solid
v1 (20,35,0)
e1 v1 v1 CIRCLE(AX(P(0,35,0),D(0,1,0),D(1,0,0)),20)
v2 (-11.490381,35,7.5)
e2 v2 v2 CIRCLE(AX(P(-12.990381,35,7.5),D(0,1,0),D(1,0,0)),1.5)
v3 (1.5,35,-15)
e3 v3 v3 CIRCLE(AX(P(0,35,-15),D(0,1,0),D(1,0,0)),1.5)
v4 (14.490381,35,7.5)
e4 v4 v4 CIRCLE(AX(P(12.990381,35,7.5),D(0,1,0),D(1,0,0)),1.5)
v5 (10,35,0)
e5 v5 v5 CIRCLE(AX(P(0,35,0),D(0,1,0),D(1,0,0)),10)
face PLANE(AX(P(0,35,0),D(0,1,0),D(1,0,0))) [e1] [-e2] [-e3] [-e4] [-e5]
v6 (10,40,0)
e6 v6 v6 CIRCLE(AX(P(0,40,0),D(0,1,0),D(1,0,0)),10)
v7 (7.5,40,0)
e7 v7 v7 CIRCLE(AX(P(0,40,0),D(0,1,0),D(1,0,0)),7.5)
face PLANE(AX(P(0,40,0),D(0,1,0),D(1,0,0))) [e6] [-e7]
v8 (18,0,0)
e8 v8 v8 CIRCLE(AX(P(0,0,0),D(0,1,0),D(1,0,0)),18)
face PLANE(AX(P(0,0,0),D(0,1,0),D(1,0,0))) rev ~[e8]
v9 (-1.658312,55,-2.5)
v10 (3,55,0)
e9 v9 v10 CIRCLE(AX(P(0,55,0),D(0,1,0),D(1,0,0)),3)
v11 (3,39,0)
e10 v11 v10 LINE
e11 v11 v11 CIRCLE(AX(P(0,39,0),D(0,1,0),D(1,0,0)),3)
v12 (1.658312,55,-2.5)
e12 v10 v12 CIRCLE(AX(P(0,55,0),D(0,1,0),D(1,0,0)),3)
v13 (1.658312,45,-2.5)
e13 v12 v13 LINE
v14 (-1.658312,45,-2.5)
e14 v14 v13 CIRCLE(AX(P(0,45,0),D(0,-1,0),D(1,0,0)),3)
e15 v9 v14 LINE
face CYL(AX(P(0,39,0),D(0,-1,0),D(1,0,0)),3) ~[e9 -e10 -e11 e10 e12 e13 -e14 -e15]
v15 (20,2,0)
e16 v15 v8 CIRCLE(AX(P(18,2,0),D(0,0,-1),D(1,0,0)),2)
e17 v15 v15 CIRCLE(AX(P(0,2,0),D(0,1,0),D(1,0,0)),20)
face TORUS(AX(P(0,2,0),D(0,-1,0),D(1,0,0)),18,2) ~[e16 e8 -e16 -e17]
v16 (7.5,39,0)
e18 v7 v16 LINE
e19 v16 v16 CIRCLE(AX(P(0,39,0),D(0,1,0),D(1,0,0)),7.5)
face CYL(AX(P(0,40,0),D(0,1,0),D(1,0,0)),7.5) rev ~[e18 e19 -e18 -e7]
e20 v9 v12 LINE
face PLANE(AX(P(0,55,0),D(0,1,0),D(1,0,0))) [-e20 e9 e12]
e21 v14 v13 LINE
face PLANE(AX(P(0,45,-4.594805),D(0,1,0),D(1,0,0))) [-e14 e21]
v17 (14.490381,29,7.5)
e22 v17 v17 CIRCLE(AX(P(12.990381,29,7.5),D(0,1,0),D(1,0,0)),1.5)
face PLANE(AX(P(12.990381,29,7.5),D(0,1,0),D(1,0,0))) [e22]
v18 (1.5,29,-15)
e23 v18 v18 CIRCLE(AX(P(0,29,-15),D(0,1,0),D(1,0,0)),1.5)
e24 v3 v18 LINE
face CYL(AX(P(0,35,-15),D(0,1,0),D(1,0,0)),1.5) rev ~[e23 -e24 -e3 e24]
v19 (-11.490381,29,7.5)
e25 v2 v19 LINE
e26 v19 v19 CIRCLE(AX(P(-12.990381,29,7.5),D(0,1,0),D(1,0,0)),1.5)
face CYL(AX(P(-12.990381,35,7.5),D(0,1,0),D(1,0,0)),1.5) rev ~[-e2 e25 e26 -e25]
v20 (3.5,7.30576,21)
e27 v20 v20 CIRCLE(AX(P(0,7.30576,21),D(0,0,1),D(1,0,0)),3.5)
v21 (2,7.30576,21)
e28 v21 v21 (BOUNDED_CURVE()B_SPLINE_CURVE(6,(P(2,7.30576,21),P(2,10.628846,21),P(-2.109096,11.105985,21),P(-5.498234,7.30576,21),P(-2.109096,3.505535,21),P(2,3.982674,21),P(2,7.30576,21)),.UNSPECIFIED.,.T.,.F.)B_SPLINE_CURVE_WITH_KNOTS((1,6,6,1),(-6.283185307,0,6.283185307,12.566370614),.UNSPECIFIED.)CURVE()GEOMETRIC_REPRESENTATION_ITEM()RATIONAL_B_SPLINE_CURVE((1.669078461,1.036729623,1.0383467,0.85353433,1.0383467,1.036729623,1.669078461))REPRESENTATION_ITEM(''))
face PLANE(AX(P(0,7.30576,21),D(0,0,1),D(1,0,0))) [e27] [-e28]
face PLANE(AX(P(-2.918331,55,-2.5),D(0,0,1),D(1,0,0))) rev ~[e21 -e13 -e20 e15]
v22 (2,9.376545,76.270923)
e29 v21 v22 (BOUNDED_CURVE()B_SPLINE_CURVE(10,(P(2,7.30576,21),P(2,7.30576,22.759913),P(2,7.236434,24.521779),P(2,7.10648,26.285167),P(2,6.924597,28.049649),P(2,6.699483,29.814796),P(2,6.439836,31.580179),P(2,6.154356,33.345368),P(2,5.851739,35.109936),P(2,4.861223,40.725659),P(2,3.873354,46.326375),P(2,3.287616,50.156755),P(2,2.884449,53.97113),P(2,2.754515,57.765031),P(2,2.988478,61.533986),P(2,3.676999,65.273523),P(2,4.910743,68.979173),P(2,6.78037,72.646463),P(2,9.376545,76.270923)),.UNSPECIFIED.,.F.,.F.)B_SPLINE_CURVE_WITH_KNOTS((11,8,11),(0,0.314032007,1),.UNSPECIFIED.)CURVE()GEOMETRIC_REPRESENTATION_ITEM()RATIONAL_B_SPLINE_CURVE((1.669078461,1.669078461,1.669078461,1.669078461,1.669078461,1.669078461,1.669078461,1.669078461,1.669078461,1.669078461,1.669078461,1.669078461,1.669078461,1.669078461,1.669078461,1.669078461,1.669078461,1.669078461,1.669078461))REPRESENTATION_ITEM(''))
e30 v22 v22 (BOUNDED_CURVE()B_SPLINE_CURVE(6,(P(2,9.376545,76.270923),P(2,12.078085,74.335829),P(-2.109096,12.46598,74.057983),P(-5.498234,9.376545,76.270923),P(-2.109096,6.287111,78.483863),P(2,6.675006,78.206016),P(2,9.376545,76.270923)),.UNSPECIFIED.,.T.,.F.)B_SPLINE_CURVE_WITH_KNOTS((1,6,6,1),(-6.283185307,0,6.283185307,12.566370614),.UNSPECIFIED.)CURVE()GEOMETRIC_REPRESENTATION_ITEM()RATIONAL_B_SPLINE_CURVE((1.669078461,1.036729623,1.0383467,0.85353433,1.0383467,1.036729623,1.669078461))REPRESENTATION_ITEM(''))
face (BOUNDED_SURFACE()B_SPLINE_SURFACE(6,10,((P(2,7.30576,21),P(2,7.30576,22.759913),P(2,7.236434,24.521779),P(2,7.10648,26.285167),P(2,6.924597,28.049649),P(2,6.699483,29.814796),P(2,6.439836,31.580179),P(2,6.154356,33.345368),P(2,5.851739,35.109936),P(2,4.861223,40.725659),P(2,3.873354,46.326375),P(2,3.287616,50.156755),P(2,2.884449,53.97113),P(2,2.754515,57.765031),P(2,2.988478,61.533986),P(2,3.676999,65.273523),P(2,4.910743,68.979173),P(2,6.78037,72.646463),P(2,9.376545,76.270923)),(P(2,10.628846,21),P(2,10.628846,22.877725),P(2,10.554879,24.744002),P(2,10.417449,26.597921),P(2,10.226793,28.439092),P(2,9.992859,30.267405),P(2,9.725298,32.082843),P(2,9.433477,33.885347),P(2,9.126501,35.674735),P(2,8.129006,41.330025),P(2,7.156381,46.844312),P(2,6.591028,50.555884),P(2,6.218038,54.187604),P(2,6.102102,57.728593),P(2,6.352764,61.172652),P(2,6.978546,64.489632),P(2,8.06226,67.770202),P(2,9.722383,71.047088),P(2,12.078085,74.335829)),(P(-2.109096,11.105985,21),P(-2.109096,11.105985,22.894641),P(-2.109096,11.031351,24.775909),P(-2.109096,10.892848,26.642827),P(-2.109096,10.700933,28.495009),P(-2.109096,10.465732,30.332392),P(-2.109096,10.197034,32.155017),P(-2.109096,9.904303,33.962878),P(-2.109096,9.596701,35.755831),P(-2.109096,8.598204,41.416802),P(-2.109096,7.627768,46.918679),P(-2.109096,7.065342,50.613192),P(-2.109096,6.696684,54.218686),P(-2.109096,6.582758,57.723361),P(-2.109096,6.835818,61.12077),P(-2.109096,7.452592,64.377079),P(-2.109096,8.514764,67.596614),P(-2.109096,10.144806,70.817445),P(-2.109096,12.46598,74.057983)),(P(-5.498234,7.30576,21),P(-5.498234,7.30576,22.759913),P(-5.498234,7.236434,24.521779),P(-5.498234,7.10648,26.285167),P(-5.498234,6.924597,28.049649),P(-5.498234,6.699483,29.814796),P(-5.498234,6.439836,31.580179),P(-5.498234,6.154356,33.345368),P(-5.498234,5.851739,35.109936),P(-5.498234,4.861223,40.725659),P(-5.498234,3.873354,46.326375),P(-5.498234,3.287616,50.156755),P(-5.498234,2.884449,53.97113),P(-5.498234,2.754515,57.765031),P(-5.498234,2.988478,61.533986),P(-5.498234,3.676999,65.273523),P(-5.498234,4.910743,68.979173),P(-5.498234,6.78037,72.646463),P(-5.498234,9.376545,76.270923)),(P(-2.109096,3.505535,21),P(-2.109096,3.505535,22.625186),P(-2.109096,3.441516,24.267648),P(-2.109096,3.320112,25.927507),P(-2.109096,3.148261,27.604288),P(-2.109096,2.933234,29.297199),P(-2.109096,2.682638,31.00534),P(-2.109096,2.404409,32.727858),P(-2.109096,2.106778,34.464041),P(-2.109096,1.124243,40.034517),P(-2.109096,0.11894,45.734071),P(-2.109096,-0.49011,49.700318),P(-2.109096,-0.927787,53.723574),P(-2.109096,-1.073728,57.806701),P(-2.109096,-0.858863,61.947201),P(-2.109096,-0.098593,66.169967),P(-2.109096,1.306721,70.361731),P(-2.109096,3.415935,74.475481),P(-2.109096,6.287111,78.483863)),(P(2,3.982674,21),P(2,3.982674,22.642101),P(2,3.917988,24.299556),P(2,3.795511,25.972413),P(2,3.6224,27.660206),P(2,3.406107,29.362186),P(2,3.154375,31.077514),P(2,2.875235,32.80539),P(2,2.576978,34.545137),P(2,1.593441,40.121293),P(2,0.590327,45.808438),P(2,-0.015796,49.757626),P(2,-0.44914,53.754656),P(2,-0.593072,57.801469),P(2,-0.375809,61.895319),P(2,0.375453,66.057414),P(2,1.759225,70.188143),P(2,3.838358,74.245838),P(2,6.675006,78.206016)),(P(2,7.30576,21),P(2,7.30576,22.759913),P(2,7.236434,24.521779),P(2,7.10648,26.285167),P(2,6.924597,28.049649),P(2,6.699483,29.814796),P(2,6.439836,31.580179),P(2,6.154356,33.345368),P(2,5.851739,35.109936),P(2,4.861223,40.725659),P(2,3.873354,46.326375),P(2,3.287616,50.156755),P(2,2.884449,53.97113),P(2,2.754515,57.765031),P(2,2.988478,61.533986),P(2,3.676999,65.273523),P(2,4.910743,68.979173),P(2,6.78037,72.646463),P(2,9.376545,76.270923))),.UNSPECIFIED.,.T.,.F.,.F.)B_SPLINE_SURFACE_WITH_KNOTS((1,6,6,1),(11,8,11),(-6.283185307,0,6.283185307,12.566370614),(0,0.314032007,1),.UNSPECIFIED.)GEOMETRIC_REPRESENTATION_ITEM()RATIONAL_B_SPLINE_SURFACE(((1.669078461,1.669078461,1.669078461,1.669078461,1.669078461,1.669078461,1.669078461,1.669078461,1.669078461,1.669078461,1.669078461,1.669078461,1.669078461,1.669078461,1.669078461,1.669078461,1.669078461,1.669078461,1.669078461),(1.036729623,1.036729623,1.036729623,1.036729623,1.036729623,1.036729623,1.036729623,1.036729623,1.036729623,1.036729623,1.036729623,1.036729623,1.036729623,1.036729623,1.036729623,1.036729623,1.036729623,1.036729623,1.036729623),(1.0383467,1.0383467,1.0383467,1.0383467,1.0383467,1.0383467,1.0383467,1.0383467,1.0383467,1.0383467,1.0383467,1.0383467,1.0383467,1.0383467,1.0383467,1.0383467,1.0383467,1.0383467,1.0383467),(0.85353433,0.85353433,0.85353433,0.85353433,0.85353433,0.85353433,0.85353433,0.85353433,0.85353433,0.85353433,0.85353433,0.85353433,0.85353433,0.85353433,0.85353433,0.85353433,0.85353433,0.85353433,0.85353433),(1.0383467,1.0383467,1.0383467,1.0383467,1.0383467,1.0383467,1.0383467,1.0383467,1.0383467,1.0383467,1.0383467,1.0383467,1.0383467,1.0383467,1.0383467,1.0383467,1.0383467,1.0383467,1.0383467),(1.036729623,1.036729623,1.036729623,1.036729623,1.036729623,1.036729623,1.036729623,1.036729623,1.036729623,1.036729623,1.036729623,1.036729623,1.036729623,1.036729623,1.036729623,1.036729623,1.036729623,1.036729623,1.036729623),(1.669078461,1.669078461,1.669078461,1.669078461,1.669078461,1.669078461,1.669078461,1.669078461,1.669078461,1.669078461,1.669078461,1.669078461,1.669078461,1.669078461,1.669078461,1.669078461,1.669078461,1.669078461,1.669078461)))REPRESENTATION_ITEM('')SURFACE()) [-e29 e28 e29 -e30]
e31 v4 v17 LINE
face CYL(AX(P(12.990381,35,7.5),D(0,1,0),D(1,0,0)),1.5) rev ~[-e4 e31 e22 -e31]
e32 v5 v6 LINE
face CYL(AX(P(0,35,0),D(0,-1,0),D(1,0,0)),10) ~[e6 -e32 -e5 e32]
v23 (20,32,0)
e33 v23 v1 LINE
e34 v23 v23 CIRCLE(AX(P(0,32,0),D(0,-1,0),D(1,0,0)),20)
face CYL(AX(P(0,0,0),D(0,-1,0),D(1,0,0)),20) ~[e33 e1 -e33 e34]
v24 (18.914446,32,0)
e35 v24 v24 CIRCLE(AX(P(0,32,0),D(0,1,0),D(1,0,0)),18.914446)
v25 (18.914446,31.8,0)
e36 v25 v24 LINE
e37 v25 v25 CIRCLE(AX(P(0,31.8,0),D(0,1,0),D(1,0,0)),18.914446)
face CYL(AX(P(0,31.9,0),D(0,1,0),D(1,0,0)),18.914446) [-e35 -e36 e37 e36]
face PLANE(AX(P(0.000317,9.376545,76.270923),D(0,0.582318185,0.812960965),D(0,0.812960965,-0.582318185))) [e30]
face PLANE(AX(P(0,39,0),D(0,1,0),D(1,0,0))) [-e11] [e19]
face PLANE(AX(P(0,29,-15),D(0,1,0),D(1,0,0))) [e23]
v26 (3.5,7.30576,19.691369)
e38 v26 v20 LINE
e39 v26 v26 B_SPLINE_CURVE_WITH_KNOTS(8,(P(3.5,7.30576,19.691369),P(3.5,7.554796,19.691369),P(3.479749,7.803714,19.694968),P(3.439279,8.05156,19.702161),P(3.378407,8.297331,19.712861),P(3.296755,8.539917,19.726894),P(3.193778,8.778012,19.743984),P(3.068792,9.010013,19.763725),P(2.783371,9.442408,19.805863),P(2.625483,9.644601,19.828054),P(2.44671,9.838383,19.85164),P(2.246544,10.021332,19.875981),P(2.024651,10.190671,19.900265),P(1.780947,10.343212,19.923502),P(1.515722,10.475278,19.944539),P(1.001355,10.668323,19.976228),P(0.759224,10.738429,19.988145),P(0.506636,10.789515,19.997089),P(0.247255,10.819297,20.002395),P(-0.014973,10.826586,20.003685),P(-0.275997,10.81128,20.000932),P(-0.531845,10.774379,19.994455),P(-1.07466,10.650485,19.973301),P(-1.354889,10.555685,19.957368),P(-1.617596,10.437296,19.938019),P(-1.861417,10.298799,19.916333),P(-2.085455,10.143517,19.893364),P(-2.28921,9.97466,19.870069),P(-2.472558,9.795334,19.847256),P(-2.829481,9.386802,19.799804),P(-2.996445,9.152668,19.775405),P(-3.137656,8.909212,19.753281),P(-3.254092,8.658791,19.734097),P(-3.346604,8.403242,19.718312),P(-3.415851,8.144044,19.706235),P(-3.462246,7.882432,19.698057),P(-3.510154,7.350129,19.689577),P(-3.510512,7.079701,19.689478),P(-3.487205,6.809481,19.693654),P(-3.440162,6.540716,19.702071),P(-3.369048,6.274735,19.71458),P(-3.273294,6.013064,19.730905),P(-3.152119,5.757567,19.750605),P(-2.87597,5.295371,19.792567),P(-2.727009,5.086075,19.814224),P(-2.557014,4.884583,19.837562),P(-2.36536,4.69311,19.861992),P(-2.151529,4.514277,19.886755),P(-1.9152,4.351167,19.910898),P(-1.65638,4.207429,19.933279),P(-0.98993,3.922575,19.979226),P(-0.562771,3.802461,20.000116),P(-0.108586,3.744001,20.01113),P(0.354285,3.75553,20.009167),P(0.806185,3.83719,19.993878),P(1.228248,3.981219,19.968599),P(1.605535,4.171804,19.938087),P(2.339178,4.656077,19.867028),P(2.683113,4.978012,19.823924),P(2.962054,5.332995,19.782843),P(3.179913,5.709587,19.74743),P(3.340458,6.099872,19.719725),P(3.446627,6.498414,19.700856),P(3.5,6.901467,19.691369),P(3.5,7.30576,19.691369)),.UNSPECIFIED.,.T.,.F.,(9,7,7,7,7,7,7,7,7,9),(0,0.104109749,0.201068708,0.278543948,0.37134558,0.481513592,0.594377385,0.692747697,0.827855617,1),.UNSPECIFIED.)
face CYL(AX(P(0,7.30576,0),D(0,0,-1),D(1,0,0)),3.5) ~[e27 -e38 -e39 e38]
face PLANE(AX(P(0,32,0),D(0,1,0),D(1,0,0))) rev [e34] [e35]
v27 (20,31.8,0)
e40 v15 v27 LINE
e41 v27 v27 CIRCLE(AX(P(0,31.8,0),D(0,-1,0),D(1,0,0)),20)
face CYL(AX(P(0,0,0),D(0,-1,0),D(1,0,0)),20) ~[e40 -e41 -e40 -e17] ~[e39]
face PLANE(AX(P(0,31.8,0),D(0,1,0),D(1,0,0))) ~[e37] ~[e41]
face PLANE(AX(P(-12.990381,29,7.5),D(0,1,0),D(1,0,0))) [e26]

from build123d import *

# Parameters (mm, degrees)
SKETCH1_R           = 20
BOSS_EXTRUDE1_DEPTH = 35
SKETCH3_R           = 10
BOSS_EXTRUDE3_DEPTH = 5
SKETCH4_R           = 7.5
CUT_EXTRUDE1_DEPTH  = 1
SKETCH5_R           = 3
BOSS_EXTRUDE4_DEPTH = 16
SKETCH6_W           = 5.83666228
SKETCH6_H           = 4.189609368
CUT_EXTRUDE2_DEPTH  = 10
SKETCH10_W          = 2.171108564
SKETCH10_H          = 0.2
SKETCH11_R          = 3.5
BOSS_EXTRUDE5_DEPTH = 21
SKETCH12_R          = 2
FILLET1_R           = 2
SKETCH24_R          = 1.5
CUT_EXTRUDE3_DEPTH  = 6


with BuildPart() as part:
    # Sketch1 → Boss-Extrude1 (new body)
    with BuildSketch(Plane(origin=(0, 0, 0), x_dir=(1, 0, 0), z_dir=(0, 1, 0))):
        Circle(SKETCH1_R)
    extrude(amount=BOSS_EXTRUDE1_DEPTH)

    # Sketch3 → Boss-Extrude3 (add)
    with BuildSketch(Plane(origin=(0, 35, 0), x_dir=(1, 0, 0), z_dir=(0, 1, 0))):
        Circle(SKETCH3_R)
    extrude(amount=BOSS_EXTRUDE3_DEPTH)

    # Sketch4 → Cut-Extrude1 (cut)
    with BuildSketch(Plane(origin=(0, 40, 0), x_dir=(1, 0, 0), z_dir=(0, 1, 0))):
        Circle(SKETCH4_R)
    extrude(amount=-CUT_EXTRUDE1_DEPTH, mode=Mode.SUBTRACT)

    # Sketch5 → Boss-Extrude4 (add)
    with BuildSketch(Plane(origin=(0, 39, 0), x_dir=(1, 0, 0), z_dir=(0, 1, 0))):
        Circle(SKETCH5_R)
    extrude(amount=BOSS_EXTRUDE4_DEPTH)

    # Sketch6 → Cut-Extrude2 (cut)
    with BuildSketch(Plane(origin=(0, 55, 0), x_dir=(1, 0, 0), z_dir=(0, 1, 0))):
        with Locations((0, 4.594804684)):
            Rectangle(SKETCH6_W, SKETCH6_H)
    extrude(amount=-CUT_EXTRUDE2_DEPTH, mode=Mode.SUBTRACT)

    # Sketch10 → Cut-Revolve1 (revolve, cut)
    with BuildSketch(Plane.XY):
        with Locations((20, 31.9)):
            Rectangle(SKETCH10_W, SKETCH10_H)
    revolve(axis=Axis((0, 0, 0), (0, 1, 0)), mode=Mode.SUBTRACT)

    # Sketch11 → Boss-Extrude5 (add)
    with BuildSketch(Plane.XY):
        with Locations((0, 7.305759765)):
            Circle(SKETCH11_R)
    extrude(amount=BOSS_EXTRUDE5_DEPTH)

    # Sweep1: sweep along a path in Sketch13
    with BuildLine() as sweep1_path:  # in the path sketch's own coordinates; laid on its plane below (add() does not lay a ready-made edge on the line's plane)
        add(Edge.make_bspline(
            [(-21, 7.305759765), (-39.680829044, 7.305759765), (-58.658536918, -3.239081936), (-76.270922844, 9.376545434)],
            knots=[0, 0, 0, 0, 1, 1, 1, 1], degree=3))
    # Sketch12 → Sweep1 (sweep)
    with BuildSketch(Plane.XY.offset(21)):
        with Locations((0, 7.305759765)):
            Circle(SKETCH12_R)
    sweep(path=Plane(origin=(0, 0, 0), x_dir=(0, 0, -1), z_dir=(1, 0, 0)) * sweep1_path.line)

    # Fillet1
    fillet1_edges = [part.edges().sort_by_distance(p)[0] for p in [
        (-20, 0, 0),
    ]]
    fillet(fillet1_edges, radius=FILLET1_R)

    # Sketch24 → Cut-Extrude3 (cut)
    with BuildSketch(Plane(origin=(0, 35, 0), x_dir=(1, 0, 0), z_dir=(0, 1, 0))):
        with Locations((0, 15)):
            Circle(SKETCH24_R)
        with Locations((12.990381057, -7.5)):
            Circle(SKETCH24_R)
        with Locations((-12.990381057, -7.5)):
            Circle(SKETCH24_R)
    extrude(amount=-CUT_EXTRUDE3_DEPTH, mode=Mode.SUBTRACT)


solid = part.part
